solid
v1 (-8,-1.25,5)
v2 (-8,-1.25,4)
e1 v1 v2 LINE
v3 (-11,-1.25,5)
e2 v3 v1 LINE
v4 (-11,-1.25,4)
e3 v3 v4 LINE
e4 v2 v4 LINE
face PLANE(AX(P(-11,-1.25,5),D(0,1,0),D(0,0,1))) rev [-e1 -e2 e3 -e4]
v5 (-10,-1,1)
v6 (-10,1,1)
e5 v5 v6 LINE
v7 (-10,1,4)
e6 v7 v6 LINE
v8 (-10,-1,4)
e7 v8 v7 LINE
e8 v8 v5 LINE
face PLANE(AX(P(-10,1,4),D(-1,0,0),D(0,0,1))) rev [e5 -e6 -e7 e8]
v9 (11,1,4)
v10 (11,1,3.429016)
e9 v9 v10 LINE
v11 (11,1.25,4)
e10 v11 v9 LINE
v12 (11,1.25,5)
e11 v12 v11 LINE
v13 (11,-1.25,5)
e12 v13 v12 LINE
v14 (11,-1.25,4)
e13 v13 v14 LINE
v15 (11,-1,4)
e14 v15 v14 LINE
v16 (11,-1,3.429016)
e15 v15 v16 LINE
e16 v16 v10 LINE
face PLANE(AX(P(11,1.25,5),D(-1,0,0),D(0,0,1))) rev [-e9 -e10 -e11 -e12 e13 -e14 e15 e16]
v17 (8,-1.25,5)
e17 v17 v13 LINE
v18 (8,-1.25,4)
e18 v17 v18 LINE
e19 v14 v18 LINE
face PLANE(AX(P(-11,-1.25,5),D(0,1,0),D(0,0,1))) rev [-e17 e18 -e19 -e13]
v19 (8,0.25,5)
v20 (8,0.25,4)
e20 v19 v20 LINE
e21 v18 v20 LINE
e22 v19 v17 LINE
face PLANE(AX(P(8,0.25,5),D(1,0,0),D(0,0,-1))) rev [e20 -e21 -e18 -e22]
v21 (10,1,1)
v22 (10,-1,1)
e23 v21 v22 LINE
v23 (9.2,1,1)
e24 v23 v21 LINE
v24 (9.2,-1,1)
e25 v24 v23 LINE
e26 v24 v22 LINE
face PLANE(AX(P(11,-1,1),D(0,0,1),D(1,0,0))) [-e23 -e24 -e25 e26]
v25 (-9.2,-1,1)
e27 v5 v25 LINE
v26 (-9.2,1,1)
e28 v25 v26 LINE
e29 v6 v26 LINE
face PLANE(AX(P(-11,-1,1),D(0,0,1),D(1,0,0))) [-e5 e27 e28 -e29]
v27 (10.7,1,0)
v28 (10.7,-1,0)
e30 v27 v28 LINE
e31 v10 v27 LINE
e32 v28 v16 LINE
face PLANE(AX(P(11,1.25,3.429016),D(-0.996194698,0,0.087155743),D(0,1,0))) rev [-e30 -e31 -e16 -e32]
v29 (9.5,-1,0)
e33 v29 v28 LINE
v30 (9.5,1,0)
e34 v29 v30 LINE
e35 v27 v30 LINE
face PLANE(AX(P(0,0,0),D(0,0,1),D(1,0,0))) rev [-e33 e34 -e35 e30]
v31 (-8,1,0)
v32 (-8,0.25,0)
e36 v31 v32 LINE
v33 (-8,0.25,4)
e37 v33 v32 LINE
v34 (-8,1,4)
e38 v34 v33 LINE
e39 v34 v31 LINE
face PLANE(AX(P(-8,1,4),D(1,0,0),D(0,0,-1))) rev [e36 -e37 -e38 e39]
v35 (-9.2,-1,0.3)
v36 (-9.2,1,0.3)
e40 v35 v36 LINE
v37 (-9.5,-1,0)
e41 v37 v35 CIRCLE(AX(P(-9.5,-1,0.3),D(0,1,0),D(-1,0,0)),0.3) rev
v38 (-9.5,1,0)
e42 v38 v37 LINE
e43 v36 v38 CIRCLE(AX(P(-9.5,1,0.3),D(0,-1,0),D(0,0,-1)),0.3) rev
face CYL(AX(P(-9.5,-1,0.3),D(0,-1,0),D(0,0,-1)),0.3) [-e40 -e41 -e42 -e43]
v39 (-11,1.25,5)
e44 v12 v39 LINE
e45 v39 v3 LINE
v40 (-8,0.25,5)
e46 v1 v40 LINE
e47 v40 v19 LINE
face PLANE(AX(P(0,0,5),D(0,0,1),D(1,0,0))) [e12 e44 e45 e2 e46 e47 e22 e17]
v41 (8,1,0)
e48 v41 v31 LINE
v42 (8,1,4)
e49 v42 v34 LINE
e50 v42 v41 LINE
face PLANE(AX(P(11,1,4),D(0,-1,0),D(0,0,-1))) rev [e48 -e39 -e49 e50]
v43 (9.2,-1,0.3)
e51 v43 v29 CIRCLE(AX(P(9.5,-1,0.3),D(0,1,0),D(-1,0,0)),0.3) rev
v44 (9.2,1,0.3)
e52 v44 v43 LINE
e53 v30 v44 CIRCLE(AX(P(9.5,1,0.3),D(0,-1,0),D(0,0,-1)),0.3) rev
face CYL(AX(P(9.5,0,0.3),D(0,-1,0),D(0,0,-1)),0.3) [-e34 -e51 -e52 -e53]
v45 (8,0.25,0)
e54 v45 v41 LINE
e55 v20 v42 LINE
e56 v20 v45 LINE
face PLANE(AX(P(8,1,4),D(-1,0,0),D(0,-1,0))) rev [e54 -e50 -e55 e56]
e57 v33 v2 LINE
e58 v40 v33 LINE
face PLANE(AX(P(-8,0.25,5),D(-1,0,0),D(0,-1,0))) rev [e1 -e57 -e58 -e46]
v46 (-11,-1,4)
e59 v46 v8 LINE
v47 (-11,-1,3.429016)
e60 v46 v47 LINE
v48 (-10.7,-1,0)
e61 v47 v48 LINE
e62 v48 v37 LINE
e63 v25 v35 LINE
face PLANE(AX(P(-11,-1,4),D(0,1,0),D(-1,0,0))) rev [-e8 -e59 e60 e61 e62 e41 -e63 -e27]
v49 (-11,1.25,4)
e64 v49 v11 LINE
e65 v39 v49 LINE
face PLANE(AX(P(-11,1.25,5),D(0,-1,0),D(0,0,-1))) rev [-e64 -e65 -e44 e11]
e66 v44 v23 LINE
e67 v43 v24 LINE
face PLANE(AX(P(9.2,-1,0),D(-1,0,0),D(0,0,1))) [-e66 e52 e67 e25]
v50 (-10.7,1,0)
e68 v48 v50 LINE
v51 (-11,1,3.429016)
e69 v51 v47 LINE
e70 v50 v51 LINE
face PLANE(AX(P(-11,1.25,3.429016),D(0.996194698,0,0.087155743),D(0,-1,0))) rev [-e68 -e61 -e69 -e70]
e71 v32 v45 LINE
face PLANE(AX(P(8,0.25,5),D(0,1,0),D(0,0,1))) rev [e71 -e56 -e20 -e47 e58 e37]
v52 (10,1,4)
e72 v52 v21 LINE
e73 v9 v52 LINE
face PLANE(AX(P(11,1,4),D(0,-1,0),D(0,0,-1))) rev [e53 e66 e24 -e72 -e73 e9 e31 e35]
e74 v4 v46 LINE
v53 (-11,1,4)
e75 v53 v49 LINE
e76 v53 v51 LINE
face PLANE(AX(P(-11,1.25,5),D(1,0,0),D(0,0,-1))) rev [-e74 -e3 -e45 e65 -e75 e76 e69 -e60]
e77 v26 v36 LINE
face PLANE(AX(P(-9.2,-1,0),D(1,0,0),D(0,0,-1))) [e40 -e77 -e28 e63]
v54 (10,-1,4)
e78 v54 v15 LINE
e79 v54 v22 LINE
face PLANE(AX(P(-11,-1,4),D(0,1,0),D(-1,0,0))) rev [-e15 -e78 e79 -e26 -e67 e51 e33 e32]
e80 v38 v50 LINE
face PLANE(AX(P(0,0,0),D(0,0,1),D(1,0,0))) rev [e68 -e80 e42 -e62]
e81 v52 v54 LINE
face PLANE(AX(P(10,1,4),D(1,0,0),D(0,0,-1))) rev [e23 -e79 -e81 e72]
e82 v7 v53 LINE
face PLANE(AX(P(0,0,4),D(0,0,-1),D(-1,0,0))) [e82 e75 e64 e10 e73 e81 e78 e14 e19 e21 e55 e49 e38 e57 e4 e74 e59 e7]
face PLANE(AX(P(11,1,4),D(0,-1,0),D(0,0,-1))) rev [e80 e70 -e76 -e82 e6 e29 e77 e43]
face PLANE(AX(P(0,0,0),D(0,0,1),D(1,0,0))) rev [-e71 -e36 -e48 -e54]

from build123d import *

# Parameters (mm, degrees)
SKETCH1_W             = 22
SKETCH1_H             = 2.5
BOSS_EXTRUDE1_DEPTH   = 5
SKETCH2_W             = 22
SKETCH2_H             = 0.25
CUT_EXTRUDE1_DEPTH    = 4
SKETCH3_W             = 2
SKETCH3_H             = 2
CUT_EXTRUDE2_DEPTH    = 4
SKETCH5_W             = 16
SKETCH5_H             = 1.5
CUT_EXTRUDE3_DEPTH    = 5
SKETCH6_W             = 1.8
SKETCH6_H             = 1
BOSS_EXTRUDE2_DEPTH   = 2
FILLET1_R             = 0.3
CHAMFER1_SIZE2        = 0.3
CHAMFER1_SIZE         = 3.429015691
CHAMFER1_EDGE_2_SIZE2 = 0.3
CHAMFER1_EDGE_2_SIZE  = 3.429015691


with BuildPart() as part:
    # Sketch1 → Boss-Extrude1 (new body)
    with BuildSketch(Plane.XY):
        Rectangle(SKETCH1_W, SKETCH1_H)
    extrude(amount=BOSS_EXTRUDE1_DEPTH)

    # Sketch2 → Cut-Extrude1 (cut)
    with BuildSketch(Plane(origin=(0, 0, 0), x_dir=(-1, 0, 0), z_dir=(0, 0, -1))):
        with Locations((0, 1.125)):
            Rectangle(SKETCH2_W, SKETCH2_H)
        with Locations((0, -1.125)):
            Rectangle(SKETCH2_W, SKETCH2_H)
    extrude(amount=-CUT_EXTRUDE1_DEPTH, mode=Mode.SUBTRACT)

    # Sketch3 → Cut-Extrude2 (cut)
    with BuildSketch(Plane(origin=(0, 0, 0), x_dir=(-1, 0, 0), z_dir=(0, 0, -1))):
        with Locations((-9, 0)):
            Rectangle(SKETCH3_W, SKETCH3_H)
        with Locations((9, 0)):
            Rectangle(SKETCH3_W, SKETCH3_H)
    extrude(amount=-CUT_EXTRUDE2_DEPTH, mode=Mode.SUBTRACT)

    # Sketch5 → Cut-Extrude3 (cut)
    with BuildSketch(Plane(origin=(0, 0, 0), x_dir=(-1, 0, 0), z_dir=(0, 0, -1))):
        with Locations((0, -0.5)):
            Rectangle(SKETCH5_W, SKETCH5_H)
    extrude(amount=-CUT_EXTRUDE3_DEPTH, mode=Mode.SUBTRACT)

    # Sketch6 → Boss-Extrude2 (add)
    with BuildSketch(Plane(origin=(0, 1, 0), x_dir=(1, 0, 0), z_dir=(0, 1, 0))):
        with Locations((-10.1, -0.5)):
            Rectangle(SKETCH6_W, SKETCH6_H)
        with Locations((10.1, -0.5)):
            Rectangle(SKETCH6_W, SKETCH6_H)
    extrude(amount=-BOSS_EXTRUDE2_DEPTH)

    # Fillet1
    fillet1_edges = [part.edges().sort_by_distance(p)[0] for p in [
        (-9.2, 0, 0),
        (9.2, 0, 0),
    ]]
    fillet(fillet1_edges, radius=FILLET1_R)

    # Chamfer1
    chamfer1_edges = [part.edges().sort_by_distance(p)[0] for p in [
        (11, 0, 0),
    ]]
    chamfer(chamfer1_edges, length=CHAMFER1_SIZE, length2=CHAMFER1_SIZE2)

    # Chamfer1 edge 2
    chamfer1_edge_2_edges = [part.edges().sort_by_distance(p)[0] for p in [
        (-11, 0, 0),
    ]]
    chamfer(chamfer1_edge_2_edges, length=CHAMFER1_EDGE_2_SIZE, length2=CHAMFER1_EDGE_2_SIZE2)


solid = part.part
